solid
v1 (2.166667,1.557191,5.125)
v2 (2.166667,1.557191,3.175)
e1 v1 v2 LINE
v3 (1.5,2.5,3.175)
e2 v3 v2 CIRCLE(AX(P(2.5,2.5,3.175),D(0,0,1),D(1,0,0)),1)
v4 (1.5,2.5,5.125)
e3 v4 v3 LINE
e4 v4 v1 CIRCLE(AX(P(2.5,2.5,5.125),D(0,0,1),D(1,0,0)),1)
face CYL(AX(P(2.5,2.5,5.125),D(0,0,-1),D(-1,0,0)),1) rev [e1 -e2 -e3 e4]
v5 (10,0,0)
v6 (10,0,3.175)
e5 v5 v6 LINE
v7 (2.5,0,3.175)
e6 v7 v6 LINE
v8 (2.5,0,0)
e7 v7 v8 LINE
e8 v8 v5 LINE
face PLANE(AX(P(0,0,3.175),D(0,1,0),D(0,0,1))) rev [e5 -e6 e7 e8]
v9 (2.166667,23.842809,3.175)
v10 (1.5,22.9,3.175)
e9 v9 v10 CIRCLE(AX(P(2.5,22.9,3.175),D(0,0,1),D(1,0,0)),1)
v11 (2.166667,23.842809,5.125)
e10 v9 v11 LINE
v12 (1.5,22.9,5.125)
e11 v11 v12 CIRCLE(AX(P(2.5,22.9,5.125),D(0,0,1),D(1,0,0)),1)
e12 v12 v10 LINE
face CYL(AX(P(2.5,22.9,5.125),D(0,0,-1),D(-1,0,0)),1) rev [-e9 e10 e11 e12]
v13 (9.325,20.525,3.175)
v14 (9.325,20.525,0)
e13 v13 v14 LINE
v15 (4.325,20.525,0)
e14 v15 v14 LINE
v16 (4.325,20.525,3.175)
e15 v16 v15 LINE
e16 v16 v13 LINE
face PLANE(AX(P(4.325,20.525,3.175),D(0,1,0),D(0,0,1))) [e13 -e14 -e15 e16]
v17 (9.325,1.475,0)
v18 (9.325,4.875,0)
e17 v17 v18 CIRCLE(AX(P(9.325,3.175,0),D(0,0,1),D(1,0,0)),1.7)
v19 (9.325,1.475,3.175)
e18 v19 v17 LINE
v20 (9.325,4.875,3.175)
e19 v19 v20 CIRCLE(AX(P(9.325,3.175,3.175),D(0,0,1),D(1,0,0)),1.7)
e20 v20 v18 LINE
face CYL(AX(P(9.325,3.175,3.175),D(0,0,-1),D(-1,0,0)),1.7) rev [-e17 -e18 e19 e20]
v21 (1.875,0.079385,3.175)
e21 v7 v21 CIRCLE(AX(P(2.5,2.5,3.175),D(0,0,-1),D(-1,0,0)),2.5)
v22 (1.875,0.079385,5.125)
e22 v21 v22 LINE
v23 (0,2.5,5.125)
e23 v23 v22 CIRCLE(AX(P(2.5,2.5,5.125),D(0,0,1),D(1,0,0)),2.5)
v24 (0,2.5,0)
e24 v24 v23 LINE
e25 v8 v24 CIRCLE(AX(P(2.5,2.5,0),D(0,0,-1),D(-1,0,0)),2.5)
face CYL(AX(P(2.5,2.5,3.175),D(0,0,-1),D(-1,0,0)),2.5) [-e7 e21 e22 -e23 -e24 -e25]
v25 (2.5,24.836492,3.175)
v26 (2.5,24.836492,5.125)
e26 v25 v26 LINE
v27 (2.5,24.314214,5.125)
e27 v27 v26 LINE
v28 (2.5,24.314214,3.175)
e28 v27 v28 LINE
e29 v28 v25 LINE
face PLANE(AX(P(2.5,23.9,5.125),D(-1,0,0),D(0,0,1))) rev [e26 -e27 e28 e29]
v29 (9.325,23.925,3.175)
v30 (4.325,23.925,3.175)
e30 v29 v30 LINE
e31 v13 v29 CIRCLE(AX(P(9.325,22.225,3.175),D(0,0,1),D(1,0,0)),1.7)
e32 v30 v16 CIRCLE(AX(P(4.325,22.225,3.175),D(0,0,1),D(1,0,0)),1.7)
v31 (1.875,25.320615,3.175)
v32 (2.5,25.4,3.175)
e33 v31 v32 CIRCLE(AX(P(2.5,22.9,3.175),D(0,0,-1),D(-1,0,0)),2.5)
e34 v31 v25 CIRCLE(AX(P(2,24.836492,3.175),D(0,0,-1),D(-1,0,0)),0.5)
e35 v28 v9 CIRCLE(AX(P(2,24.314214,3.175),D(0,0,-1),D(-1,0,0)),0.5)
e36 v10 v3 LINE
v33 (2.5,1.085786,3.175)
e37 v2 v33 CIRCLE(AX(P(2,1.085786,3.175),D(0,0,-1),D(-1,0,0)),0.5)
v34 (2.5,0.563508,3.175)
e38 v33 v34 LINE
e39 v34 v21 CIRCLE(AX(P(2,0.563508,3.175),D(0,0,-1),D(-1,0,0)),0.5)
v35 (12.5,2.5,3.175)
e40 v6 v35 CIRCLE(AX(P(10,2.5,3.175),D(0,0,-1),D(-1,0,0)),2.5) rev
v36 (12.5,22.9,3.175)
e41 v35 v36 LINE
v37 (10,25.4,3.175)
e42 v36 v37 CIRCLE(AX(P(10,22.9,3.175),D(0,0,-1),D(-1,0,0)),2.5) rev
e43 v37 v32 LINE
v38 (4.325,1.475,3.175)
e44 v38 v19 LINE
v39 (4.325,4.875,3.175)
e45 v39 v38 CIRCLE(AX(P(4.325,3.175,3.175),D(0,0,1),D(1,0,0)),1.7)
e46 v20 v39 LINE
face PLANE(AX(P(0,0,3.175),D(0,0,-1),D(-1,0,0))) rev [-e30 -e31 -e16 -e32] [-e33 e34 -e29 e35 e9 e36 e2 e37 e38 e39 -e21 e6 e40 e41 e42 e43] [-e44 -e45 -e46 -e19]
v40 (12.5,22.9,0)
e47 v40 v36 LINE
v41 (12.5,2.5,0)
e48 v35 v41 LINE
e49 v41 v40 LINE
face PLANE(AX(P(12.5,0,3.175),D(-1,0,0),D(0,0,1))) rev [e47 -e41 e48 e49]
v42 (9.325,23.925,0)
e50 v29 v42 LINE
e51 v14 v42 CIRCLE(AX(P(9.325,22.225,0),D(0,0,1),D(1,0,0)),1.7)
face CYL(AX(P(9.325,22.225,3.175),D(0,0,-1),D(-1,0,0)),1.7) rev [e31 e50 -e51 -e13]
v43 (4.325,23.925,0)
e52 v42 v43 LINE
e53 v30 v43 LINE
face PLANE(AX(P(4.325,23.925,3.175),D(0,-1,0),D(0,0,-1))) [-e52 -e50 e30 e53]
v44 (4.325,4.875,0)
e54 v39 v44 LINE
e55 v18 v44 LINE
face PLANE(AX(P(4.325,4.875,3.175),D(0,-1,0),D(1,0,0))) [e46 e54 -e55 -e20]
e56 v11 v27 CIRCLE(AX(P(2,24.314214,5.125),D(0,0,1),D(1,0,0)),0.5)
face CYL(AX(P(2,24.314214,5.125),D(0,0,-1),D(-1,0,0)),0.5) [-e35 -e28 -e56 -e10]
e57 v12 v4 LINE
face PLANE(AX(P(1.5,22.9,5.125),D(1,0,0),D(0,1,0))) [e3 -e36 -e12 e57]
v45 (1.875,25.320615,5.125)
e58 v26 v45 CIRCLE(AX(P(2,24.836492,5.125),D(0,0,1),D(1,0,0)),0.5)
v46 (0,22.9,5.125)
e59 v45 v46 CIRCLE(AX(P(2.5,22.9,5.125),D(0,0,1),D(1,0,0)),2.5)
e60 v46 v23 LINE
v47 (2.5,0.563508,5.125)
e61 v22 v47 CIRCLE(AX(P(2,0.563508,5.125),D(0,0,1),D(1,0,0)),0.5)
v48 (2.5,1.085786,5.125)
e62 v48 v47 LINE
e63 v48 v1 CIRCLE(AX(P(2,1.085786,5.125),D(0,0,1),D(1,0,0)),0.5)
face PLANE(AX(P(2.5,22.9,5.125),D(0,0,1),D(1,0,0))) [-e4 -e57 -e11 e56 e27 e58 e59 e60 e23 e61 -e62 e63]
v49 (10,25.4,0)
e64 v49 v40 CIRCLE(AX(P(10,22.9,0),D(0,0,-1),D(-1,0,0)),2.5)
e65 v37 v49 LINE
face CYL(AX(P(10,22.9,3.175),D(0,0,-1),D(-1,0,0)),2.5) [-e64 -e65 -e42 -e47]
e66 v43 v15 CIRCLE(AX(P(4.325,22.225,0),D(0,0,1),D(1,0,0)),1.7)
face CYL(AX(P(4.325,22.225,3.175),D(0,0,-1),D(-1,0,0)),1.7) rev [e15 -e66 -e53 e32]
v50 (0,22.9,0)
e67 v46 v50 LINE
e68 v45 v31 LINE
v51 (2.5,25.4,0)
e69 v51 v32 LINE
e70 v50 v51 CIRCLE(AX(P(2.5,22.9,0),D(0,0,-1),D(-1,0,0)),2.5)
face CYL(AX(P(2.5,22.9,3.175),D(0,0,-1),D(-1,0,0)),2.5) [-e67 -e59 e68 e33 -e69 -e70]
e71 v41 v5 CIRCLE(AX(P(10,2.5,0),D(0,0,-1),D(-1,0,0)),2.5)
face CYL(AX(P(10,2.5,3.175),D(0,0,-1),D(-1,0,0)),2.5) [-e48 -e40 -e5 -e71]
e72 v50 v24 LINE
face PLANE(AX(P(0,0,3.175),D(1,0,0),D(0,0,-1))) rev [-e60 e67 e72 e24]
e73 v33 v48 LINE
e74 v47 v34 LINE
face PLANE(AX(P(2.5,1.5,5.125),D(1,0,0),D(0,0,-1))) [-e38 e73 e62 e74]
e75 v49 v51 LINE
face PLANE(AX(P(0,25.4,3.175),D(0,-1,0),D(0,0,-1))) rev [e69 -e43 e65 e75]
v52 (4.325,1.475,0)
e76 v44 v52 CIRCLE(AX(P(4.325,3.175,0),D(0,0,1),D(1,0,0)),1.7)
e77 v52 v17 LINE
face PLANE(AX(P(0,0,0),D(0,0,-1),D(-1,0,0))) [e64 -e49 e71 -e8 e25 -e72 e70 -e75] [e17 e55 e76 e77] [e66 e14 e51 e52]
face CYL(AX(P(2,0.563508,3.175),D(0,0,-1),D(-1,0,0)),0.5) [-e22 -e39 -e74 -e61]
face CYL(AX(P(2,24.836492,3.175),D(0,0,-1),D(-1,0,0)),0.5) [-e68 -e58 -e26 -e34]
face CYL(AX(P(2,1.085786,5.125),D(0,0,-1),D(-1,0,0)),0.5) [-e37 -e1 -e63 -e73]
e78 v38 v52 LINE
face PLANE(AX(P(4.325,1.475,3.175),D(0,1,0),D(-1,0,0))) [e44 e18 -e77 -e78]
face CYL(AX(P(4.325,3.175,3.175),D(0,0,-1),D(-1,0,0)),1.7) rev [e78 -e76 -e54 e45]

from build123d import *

# Parameters (mm, degrees)
SKETCH1_W           = 12.500000000000002
SKETCH1_H           = 25.399999999999995
BOSS_EXTRUDE1_DEPTH = 3.175
FILLET1_R           = 2.5
BOSS_EXTRUDE2_START = 1.95
BOSS_EXTRUDE2_DEPTH = 1.95
FILLET2_R           = 0.5


with BuildPart() as part:
    # Sketch1 → Boss-Extrude1 (new body)
    with BuildSketch(Plane.XY):
        with Locations((6.250000000000001, 12.699999999999998)):
            Rectangle(SKETCH1_W, SKETCH1_H)
        with BuildLine():
            Line((4.325, 4.875000000000003), (9.325, 4.874999999999999))
            ThreePointArc((9.325, 4.874999999999999), (11.025, 3.1750000000000007), (9.325, 1.474999999999999))
            Line((9.325, 1.474999999999999), (4.325, 1.4750000000000023))
            ThreePointArc((4.325, 1.4750000000000023), (2.625, 3.1750000000000025), (4.325, 4.875000000000003))
        make_face(mode=Mode.SUBTRACT)
        with BuildLine():
            Line((4.325, 23.925000000000004), (9.325, 23.925000000000004))
            ThreePointArc((9.325, 23.925000000000004), (11.025000000000002, 22.225), (9.325, 20.525))
            Line((9.325, 20.525), (4.325, 20.525))
            ThreePointArc((4.325, 20.525), (2.624999999999994, 22.224999999999998), (4.325, 23.925000000000004))
        make_face(mode=Mode.SUBTRACT)
    extrude(amount=BOSS_EXTRUDE1_DEPTH)

    # Fillet1
    fillet1_edges = [part.edges().sort_by_distance(p)[0] for p in [
        (0, 25.4, 1.5875),
        (12.5, 25.4, 1.5875),
        (12.5, 0, 1.5875),
        (0, 0, 1.5875),
    ]]
    fillet(fillet1_edges, radius=FILLET1_R)

    # Sketch2 → Boss-Extrude2 (add)
    with BuildSketch(Plane.XY.offset(3.175).offset(BOSS_EXTRUDE2_START)):
        with BuildLine():
            Line((0, 22.9), (0, 2.5))
            ThreePointArc((0, 2.5), (0.7322330470336307, 0.7322330470336313), (2.5, 0))
            Line((2.5, 0), (2.5, 1.5))
            ThreePointArc((2.5, 1.5), (1.7928932188134532, 1.7928932188134517), (1.5, 2.4999999999999987))
            Line((1.5, 2.4999999999999987), (1.5000000000000004, 22.9))
            ThreePointArc((1.5000000000000004, 22.9), (1.7928932188134499, 23.60710678118655), (2.5, 23.900000000000002))
            Line((2.5, 23.900000000000002), (2.5, 25.4))
            ThreePointArc((2.5, 25.4), (0.7322330470336313, 24.667766952966367), (0, 22.9))
        make_face()
    extrude(amount=-BOSS_EXTRUDE2_DEPTH)

    # Fillet2
    fillet2_edges = [part.edges().sort_by_distance(p)[0] for p in [
        (2.5, 25.4, 4.15),
        (2.5, 0, 4.15),
        (2.5, 1.5000000000000002, 4.15),
        (2.5, 23.900000000000002, 4.15),
    ]]
    fillet(fillet2_edges, radius=FILLET2_R)


solid = part.part
